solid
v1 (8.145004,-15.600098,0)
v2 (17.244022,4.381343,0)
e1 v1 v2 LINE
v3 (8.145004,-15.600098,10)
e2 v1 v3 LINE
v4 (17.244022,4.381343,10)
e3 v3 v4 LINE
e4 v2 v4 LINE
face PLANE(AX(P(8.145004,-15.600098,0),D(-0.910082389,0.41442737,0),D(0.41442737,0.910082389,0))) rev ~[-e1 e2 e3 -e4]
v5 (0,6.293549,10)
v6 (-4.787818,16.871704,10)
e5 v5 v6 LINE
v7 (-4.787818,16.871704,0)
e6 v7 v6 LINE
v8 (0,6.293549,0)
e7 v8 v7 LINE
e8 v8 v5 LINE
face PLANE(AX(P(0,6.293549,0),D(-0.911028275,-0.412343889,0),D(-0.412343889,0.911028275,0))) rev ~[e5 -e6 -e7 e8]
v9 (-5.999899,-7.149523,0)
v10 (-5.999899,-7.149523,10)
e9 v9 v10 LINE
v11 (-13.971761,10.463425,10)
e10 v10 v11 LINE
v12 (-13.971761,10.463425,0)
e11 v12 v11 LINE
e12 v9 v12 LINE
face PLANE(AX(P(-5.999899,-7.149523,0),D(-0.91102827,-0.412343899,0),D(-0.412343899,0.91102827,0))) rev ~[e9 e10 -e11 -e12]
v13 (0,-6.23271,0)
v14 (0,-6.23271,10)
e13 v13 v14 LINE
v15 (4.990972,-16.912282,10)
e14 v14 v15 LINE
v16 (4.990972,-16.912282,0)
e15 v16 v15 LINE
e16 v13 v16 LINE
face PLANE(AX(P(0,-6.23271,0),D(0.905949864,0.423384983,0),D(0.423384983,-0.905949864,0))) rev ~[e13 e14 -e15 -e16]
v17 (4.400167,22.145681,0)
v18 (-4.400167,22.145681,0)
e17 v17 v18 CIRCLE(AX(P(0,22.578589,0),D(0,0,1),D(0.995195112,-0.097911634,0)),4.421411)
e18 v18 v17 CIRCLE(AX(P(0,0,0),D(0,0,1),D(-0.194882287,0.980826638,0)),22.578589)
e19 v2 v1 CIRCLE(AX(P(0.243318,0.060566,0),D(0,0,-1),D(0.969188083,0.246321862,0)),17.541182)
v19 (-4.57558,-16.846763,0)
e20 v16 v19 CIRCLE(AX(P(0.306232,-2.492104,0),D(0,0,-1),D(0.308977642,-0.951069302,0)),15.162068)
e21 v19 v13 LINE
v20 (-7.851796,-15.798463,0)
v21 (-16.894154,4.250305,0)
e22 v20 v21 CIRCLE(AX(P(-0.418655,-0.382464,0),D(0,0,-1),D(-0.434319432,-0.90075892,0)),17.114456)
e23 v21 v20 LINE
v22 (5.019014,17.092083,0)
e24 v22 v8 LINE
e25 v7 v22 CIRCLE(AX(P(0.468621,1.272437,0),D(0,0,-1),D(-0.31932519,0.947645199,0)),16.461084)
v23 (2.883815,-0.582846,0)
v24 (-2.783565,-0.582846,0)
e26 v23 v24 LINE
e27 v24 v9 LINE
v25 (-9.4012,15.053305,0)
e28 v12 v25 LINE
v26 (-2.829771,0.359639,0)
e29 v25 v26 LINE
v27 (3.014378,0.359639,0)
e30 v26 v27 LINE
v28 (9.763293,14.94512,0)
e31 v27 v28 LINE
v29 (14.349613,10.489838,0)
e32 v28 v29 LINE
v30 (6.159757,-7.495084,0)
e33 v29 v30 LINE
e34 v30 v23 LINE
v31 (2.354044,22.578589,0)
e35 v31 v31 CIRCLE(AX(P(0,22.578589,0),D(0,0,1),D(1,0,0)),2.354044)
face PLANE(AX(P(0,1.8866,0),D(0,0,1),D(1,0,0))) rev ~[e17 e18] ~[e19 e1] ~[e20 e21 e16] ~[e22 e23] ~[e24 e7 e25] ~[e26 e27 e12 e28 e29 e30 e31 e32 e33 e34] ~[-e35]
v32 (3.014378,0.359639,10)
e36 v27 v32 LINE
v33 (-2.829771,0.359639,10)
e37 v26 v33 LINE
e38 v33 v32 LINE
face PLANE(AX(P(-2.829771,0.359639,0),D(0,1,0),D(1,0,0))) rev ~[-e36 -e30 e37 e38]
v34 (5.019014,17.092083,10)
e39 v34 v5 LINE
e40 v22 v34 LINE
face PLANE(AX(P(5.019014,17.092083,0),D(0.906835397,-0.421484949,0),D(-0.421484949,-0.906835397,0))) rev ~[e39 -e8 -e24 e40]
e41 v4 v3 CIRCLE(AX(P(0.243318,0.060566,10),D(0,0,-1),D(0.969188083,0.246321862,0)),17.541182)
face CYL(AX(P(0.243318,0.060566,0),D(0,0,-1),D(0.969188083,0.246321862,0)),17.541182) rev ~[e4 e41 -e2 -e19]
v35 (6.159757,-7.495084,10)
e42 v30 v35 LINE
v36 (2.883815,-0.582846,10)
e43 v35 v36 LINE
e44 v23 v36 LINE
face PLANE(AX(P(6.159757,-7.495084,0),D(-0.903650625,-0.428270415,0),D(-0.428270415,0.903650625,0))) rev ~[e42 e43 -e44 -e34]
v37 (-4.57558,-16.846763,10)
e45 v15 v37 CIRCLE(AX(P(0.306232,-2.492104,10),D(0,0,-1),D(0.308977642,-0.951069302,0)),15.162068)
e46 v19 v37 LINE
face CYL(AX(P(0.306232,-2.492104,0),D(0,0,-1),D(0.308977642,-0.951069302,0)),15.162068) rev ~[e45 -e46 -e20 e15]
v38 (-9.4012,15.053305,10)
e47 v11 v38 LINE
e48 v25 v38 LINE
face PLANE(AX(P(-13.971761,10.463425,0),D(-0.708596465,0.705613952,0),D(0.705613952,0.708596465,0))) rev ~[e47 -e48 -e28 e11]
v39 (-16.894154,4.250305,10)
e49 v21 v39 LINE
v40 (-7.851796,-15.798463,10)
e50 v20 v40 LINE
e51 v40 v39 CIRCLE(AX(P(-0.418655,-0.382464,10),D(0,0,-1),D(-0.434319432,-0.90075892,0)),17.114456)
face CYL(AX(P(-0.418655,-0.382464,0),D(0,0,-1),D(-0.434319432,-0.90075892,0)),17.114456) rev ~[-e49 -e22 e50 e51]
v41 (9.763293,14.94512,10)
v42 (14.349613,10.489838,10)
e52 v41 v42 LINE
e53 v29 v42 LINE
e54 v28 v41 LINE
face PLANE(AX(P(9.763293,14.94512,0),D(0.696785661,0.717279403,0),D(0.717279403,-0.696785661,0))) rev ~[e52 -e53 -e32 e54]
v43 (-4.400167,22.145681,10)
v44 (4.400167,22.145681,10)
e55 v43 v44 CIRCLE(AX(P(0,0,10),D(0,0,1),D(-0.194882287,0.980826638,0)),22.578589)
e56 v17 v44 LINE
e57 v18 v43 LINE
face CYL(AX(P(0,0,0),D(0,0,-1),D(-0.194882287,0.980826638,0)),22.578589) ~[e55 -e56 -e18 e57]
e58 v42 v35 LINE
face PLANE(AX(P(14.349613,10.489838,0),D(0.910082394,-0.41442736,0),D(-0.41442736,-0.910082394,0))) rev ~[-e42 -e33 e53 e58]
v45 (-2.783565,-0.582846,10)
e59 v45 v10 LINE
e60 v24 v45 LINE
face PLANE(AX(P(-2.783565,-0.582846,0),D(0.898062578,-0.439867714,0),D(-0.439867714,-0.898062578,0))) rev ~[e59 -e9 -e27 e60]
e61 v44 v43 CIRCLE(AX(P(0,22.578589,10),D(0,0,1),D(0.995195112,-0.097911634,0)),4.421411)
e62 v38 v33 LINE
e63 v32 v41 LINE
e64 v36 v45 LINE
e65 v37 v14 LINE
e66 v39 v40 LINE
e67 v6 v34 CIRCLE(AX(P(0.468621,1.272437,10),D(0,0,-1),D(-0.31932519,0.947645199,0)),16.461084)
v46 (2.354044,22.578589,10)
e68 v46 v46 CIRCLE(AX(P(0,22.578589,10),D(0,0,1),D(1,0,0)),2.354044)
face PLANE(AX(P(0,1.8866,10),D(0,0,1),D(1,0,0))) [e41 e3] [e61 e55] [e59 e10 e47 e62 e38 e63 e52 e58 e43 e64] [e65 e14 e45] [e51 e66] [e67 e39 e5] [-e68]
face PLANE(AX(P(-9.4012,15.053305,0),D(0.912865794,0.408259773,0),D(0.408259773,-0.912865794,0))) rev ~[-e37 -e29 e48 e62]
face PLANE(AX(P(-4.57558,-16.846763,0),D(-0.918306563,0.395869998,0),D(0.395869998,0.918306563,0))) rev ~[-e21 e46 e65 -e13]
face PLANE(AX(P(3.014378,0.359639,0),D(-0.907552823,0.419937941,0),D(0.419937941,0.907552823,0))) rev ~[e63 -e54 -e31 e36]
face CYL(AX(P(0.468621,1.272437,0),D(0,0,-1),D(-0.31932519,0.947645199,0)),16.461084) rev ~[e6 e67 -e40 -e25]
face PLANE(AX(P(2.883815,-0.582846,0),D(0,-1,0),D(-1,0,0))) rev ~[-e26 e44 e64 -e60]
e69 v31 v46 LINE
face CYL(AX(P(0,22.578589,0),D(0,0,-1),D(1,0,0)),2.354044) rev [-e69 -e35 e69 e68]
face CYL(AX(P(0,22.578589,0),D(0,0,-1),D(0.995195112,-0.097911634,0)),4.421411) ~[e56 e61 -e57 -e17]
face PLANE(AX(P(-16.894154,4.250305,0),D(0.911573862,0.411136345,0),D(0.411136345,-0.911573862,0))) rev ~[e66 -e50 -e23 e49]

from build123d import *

# Parameters (mm, degrees)
F0_R     = 2.354044
F1_DEPTH = 10


with BuildPart() as f1:
    # F0 (on Top) → F1 (new body)
    with BuildSketch(Plane.XY):
        with BuildLine():
            ThreePointArc((4.400167, 22.145681), (0, 27), (-4.400167, 22.145681))
            ThreePointArc((-4.400167, 22.145681), (0, -22.578589), (4.400167, 22.145681))
        make_face()
        with BuildLine():
            ThreePointArc((-7.851796, -15.798463), (-16.019746, -7.418839), (-16.894154, 4.250305))
            Line((-16.894154, 4.250305), (-7.851796, -15.798463))
        make_face(mode=Mode.SUBTRACT)
        with BuildLine():
            Line((-4.57558, -16.846763), (0, -6.23271))
            Line((0, -6.23271), (4.990972, -16.912282))
            ThreePointArc((4.990972, -16.912282), (0.202393, -17.653817), (-4.57558, -16.846763))
        make_face(mode=Mode.SUBTRACT)
        with BuildLine():
            Line((8.145004, -15.600098), (17.244022, 4.381343))
            ThreePointArc((17.244022, 4.381343), (16.207238, -7.20898), (8.145004, -15.600098))
        make_face(mode=Mode.SUBTRACT)
        with Locations((0, 22.578589)):
            Circle(F0_R, mode=Mode.SUBTRACT)
        Polygon((-2.783565, -0.582846), (-5.999899, -7.149523), (-13.971761, 10.463425), (-9.4012, 15.053305), (-2.829771, 0.359639), (3.014378, 0.359639), (9.763293, 14.94512), (14.349613, 10.489838), (6.159757, -7.495084), (2.883815, -0.582846), align=None, mode=Mode.SUBTRACT)
        with BuildLine():
            Line((5.019014, 17.092083), (0, 6.293549))
            Line((0, 6.293549), (-4.787818, 16.871704))
            ThreePointArc((-4.787818, 16.871704), (0.098801, 17.729366), (5.019014, 17.092083))
        make_face(mode=Mode.SUBTRACT)
    extrude(amount=F1_DEPTH)


solid = f1.part
